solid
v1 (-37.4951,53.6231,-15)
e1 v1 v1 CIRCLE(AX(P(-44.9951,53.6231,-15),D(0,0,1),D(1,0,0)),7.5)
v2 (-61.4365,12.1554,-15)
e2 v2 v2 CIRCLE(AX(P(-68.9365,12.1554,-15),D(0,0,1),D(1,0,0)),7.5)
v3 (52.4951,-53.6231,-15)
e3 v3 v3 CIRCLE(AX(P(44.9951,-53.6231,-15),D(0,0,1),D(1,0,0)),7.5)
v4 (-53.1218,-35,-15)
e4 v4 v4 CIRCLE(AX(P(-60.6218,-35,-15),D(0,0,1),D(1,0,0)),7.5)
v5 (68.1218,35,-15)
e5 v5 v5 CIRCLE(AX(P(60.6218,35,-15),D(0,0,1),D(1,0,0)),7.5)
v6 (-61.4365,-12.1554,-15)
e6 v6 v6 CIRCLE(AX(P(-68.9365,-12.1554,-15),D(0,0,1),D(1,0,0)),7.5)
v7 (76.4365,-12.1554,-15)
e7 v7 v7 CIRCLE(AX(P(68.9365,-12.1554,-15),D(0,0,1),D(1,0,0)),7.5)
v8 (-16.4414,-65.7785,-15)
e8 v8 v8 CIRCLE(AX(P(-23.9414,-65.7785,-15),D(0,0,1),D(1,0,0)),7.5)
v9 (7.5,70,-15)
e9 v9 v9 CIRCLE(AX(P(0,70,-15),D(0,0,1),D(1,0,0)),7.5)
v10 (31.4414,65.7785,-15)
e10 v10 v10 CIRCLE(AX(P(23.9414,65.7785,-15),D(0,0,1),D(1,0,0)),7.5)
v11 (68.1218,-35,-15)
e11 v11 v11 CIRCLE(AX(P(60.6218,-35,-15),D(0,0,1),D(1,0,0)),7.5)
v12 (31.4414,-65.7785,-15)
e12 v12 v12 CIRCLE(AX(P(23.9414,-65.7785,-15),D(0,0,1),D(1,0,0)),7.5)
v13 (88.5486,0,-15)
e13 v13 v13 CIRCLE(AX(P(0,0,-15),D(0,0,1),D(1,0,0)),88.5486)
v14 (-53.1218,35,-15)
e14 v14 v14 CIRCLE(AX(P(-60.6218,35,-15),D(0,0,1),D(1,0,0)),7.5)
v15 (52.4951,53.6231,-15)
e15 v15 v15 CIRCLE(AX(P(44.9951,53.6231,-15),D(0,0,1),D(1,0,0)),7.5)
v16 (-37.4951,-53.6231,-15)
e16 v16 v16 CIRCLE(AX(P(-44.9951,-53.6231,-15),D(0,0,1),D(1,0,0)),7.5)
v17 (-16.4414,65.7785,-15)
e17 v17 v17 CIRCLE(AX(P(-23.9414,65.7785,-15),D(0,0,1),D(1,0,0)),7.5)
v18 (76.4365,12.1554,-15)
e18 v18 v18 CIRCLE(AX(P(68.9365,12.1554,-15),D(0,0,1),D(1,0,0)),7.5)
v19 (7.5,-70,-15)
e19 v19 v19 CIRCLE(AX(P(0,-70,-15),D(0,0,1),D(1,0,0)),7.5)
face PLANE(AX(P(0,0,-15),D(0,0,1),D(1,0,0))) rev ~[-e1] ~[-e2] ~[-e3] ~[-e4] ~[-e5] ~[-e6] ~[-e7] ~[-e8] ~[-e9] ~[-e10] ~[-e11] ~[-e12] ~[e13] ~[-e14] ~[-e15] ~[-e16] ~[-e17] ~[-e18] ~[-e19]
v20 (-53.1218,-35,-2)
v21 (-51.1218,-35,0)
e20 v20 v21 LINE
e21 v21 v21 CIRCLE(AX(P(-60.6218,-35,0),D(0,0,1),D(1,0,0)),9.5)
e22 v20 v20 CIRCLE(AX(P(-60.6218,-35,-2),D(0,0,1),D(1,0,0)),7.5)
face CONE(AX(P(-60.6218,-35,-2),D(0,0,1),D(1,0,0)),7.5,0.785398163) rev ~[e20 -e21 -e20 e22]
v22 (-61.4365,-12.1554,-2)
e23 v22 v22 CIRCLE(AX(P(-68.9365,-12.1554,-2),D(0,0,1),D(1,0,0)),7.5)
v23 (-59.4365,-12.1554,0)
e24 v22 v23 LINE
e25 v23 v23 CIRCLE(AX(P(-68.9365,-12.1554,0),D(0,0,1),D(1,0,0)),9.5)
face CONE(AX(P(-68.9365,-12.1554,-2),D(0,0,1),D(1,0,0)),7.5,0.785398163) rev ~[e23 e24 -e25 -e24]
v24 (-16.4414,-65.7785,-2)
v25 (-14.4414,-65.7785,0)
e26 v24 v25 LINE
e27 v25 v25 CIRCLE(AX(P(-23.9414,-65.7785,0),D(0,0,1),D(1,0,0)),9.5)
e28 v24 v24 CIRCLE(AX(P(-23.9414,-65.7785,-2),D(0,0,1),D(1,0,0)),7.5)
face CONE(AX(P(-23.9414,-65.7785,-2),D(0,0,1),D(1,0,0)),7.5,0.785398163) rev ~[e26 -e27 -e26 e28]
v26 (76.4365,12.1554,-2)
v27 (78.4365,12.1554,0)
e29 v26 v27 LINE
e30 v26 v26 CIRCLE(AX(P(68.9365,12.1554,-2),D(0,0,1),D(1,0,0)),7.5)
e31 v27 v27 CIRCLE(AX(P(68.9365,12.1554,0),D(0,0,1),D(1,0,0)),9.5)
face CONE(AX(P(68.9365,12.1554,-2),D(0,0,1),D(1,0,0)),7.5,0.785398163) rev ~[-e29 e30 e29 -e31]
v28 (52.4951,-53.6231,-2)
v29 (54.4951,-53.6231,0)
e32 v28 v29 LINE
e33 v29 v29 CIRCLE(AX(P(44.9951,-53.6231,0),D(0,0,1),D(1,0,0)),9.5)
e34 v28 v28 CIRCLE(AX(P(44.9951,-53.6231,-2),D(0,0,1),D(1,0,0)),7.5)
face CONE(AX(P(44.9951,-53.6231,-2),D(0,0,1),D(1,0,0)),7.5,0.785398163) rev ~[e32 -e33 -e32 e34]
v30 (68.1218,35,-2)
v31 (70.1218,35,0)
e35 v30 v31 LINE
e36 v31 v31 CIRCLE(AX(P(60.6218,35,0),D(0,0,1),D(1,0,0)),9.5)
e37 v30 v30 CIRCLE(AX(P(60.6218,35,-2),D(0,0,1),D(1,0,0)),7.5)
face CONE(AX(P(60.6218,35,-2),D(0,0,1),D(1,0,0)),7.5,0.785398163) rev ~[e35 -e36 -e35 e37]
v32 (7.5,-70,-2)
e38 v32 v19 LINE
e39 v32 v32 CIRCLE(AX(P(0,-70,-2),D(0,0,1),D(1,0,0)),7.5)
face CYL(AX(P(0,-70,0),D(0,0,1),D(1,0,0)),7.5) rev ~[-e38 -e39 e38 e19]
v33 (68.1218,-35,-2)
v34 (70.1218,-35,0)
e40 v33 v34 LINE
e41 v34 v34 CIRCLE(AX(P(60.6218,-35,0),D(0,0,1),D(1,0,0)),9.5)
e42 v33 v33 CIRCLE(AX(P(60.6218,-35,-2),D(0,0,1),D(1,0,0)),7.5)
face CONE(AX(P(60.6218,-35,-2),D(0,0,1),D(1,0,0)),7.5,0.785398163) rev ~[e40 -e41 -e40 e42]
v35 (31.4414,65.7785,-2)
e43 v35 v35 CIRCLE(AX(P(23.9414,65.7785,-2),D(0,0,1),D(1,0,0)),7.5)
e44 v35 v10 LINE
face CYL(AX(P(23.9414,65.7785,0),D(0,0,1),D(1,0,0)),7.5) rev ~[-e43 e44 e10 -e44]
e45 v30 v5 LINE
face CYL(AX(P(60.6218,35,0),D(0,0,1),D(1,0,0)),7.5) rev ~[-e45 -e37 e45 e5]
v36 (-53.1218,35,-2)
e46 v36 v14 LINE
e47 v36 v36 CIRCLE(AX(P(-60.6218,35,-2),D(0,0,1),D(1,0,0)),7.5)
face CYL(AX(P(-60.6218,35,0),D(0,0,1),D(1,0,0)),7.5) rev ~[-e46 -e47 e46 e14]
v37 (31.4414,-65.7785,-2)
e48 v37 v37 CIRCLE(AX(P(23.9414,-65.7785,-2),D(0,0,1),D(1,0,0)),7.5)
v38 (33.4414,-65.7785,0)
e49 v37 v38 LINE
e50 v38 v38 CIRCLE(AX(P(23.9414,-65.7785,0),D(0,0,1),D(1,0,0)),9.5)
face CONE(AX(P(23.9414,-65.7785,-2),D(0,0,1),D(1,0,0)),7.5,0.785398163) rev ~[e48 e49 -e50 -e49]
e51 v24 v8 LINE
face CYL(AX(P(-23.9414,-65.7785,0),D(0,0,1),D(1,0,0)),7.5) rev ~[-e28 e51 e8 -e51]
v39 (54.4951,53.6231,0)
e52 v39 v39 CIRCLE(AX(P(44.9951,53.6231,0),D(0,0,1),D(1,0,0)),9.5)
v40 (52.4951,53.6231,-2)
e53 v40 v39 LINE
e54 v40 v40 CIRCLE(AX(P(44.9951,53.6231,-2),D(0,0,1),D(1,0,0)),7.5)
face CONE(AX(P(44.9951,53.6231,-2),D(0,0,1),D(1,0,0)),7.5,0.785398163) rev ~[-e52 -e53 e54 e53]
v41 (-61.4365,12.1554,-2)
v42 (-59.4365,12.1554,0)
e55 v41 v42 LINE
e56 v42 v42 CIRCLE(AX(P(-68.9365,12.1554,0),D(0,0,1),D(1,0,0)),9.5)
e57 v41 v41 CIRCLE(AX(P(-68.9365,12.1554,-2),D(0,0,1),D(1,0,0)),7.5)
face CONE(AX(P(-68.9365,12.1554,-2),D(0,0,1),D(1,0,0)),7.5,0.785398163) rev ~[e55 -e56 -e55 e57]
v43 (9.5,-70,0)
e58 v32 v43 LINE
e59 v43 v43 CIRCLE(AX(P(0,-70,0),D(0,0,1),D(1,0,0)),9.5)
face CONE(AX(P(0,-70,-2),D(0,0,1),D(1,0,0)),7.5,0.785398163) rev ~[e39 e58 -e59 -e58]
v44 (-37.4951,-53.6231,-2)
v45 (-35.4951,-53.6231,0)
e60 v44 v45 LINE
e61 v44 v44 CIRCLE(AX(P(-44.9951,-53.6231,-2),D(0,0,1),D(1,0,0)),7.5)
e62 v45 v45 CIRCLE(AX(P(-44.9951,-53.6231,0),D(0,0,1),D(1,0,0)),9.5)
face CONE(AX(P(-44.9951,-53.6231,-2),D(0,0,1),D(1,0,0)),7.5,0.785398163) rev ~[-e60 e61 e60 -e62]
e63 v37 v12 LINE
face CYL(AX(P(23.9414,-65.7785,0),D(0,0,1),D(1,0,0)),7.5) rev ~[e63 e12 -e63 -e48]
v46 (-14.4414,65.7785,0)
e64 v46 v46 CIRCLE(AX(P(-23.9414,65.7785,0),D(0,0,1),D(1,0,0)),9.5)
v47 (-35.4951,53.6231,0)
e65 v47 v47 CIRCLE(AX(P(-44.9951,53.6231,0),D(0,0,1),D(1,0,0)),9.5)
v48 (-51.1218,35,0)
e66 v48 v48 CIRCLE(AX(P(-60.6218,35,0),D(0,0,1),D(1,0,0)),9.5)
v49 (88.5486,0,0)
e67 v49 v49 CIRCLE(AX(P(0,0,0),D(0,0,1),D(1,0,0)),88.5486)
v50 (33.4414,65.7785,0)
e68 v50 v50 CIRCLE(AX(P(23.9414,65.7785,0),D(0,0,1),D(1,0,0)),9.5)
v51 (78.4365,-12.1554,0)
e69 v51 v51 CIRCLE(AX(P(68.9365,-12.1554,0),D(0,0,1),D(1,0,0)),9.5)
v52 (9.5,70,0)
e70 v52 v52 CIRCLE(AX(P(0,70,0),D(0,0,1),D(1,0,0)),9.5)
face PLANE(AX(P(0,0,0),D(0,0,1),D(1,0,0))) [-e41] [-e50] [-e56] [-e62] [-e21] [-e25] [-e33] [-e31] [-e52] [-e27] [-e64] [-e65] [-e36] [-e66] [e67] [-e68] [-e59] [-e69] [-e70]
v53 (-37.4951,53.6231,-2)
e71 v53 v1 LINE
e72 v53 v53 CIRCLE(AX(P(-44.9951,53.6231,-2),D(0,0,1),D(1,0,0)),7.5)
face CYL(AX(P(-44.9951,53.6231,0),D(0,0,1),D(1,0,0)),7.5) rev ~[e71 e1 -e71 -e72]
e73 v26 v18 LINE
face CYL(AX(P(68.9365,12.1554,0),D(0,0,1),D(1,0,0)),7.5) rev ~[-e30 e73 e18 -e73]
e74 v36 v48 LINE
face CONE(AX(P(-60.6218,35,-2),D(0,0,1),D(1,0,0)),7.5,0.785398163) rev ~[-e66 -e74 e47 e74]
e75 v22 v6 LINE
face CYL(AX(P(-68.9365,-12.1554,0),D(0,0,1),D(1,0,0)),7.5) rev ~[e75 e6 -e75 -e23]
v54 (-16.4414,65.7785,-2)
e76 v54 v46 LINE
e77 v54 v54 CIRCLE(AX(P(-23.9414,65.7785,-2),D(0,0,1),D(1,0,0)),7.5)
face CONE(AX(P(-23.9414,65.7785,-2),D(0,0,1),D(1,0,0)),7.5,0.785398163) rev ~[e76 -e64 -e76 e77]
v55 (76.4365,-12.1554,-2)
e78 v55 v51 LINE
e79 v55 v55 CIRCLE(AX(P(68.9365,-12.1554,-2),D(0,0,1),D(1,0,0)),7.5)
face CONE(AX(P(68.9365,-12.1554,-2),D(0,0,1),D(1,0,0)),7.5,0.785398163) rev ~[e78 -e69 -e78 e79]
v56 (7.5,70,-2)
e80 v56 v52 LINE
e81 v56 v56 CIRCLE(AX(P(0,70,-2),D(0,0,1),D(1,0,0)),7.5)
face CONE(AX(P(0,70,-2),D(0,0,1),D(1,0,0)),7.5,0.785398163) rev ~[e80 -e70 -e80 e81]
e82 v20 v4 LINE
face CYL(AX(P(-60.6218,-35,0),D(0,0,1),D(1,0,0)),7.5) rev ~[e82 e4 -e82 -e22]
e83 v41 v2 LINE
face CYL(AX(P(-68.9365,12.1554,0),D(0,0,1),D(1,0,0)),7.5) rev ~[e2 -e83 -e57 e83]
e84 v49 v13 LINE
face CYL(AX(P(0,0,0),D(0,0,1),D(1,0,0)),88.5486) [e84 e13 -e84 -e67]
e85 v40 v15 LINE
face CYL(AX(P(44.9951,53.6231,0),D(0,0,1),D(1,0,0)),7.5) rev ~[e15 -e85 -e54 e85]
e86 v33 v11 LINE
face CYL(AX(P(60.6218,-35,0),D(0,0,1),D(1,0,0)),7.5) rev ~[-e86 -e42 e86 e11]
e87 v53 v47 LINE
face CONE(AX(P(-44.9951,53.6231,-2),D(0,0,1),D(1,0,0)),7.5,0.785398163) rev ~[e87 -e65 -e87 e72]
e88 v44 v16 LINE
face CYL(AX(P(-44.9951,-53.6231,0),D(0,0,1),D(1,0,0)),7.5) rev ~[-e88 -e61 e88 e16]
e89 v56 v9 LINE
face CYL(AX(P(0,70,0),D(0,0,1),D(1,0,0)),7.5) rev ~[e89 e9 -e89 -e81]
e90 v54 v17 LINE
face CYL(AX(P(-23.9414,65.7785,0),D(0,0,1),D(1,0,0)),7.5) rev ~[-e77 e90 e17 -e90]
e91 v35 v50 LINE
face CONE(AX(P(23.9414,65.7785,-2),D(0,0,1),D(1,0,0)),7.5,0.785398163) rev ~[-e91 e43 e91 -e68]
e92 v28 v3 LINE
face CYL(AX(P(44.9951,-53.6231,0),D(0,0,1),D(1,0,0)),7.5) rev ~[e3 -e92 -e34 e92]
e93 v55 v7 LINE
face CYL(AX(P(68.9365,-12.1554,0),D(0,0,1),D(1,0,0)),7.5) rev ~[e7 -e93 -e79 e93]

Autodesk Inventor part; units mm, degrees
ref_plane "YZ Plane" through (0, 0, 0) normal (1, 0, 0) x (0, 1, 0)
ref_plane "XZ Plane" through (0, 0, 0) normal (0, 1, 0) x (-1, 0, 0)
ref_plane "XY Plane" through (0, 0, 0) normal (0, 0, 1) x (1, 0, 0)
sketch "Эскиз1" plane through (0, 0, 0) normal (0, 0, 1) x (1, 0, 0)
  circle A0 centre (0, 0) radius 88.5486
  circle A1 centre (0, 0) radius 70 construction
  circle A2 centre (0, 70) radius 7.5
  circle A3 centre (0, 0) radius 70 construction
  circle A4 centre (-23.9414, 65.7785) radius 7.5
  circle A5 centre (0, 0) radius 70 construction
  circle A6 centre (-44.9951, 53.6231) radius 7.5
  circle A7 centre (0, 0) radius 70 construction
  circle A8 centre (-60.6218, 35) radius 7.5
  circle A9 centre (0, 0) radius 70 construction
  circle A10 centre (-68.9365, 12.1554) radius 7.5
  circle A11 centre (0, 0) radius 70 construction
  circle A12 centre (-68.9365, -12.1554) radius 7.5
  circle A13 centre (0, 0) radius 70 construction
  circle A14 centre (-60.6218, -35) radius 7.5
  circle A15 centre (0, 0) radius 70 construction
  circle A16 centre (-44.9951, -53.6231) radius 7.5
  circle A17 centre (0, 0) radius 70 construction
  circle A18 centre (-23.9414, -65.7785) radius 7.5
  circle A19 centre (0, 0) radius 70 construction
  circle A20 centre (0, -70) radius 7.5
  circle A21 centre (0, 0) radius 70 construction
  circle A22 centre (23.9414, -65.7785) radius 7.5
  circle A23 centre (0, 0) radius 70 construction
  circle A24 centre (44.9951, -53.6231) radius 7.5
  circle A25 centre (0, 0) radius 70 construction
  circle A26 centre (60.6218, -35) radius 7.5
  circle A27 centre (0, 0) radius 70 construction
  circle A28 centre (68.9365, -12.1554) radius 7.5
  circle A29 centre (0, 0) radius 70 construction
  circle A30 centre (68.9365, 12.1554) radius 7.5
  circle A31 centre (0, 0) radius 70 construction
  circle A32 centre (60.6218, 35) radius 7.5
  circle A33 centre (0, 0) radius 70 construction
  circle A34 centre (44.9951, 53.6231) radius 7.5
  circle A35 centre (0, 0) radius 70 construction
  circle A36 centre (23.9414, 65.7785) radius 7.5
  dimension "d0" = 140
  dimension "d1" = 15
  dimension "d4" = 360
extrude "Выдавливание1" add sketch "Эскиз1" against normal blind 15
chamfer "Фаска1" distance 2 angle 45 18 edges at (-31.4414, -65.7785, 0) (-7.5, -70, 0) (16.4414, -65.7785, 0) (37.4951, -53.6231, 0) (53.1218, -35, 0) (61.4365, -12.1554, 0) (61.4365, 12.1554, 0) (53.1218, 35, 0) (37.4951, 53.6231, 0) (16.4414, 65.7785, 0) (-7.5, 70, 0) (-31.4414, 65.7785, 0) (-52.4951, 53.6231, 0) (-68.1218, 35, 0) (-76.4365, 12.1554, 0) (-76.4365, -12.1554, 0) (-68.1218, -35, 0) (-52.4951, -53.6231, 0)
properties part number "Диск"
